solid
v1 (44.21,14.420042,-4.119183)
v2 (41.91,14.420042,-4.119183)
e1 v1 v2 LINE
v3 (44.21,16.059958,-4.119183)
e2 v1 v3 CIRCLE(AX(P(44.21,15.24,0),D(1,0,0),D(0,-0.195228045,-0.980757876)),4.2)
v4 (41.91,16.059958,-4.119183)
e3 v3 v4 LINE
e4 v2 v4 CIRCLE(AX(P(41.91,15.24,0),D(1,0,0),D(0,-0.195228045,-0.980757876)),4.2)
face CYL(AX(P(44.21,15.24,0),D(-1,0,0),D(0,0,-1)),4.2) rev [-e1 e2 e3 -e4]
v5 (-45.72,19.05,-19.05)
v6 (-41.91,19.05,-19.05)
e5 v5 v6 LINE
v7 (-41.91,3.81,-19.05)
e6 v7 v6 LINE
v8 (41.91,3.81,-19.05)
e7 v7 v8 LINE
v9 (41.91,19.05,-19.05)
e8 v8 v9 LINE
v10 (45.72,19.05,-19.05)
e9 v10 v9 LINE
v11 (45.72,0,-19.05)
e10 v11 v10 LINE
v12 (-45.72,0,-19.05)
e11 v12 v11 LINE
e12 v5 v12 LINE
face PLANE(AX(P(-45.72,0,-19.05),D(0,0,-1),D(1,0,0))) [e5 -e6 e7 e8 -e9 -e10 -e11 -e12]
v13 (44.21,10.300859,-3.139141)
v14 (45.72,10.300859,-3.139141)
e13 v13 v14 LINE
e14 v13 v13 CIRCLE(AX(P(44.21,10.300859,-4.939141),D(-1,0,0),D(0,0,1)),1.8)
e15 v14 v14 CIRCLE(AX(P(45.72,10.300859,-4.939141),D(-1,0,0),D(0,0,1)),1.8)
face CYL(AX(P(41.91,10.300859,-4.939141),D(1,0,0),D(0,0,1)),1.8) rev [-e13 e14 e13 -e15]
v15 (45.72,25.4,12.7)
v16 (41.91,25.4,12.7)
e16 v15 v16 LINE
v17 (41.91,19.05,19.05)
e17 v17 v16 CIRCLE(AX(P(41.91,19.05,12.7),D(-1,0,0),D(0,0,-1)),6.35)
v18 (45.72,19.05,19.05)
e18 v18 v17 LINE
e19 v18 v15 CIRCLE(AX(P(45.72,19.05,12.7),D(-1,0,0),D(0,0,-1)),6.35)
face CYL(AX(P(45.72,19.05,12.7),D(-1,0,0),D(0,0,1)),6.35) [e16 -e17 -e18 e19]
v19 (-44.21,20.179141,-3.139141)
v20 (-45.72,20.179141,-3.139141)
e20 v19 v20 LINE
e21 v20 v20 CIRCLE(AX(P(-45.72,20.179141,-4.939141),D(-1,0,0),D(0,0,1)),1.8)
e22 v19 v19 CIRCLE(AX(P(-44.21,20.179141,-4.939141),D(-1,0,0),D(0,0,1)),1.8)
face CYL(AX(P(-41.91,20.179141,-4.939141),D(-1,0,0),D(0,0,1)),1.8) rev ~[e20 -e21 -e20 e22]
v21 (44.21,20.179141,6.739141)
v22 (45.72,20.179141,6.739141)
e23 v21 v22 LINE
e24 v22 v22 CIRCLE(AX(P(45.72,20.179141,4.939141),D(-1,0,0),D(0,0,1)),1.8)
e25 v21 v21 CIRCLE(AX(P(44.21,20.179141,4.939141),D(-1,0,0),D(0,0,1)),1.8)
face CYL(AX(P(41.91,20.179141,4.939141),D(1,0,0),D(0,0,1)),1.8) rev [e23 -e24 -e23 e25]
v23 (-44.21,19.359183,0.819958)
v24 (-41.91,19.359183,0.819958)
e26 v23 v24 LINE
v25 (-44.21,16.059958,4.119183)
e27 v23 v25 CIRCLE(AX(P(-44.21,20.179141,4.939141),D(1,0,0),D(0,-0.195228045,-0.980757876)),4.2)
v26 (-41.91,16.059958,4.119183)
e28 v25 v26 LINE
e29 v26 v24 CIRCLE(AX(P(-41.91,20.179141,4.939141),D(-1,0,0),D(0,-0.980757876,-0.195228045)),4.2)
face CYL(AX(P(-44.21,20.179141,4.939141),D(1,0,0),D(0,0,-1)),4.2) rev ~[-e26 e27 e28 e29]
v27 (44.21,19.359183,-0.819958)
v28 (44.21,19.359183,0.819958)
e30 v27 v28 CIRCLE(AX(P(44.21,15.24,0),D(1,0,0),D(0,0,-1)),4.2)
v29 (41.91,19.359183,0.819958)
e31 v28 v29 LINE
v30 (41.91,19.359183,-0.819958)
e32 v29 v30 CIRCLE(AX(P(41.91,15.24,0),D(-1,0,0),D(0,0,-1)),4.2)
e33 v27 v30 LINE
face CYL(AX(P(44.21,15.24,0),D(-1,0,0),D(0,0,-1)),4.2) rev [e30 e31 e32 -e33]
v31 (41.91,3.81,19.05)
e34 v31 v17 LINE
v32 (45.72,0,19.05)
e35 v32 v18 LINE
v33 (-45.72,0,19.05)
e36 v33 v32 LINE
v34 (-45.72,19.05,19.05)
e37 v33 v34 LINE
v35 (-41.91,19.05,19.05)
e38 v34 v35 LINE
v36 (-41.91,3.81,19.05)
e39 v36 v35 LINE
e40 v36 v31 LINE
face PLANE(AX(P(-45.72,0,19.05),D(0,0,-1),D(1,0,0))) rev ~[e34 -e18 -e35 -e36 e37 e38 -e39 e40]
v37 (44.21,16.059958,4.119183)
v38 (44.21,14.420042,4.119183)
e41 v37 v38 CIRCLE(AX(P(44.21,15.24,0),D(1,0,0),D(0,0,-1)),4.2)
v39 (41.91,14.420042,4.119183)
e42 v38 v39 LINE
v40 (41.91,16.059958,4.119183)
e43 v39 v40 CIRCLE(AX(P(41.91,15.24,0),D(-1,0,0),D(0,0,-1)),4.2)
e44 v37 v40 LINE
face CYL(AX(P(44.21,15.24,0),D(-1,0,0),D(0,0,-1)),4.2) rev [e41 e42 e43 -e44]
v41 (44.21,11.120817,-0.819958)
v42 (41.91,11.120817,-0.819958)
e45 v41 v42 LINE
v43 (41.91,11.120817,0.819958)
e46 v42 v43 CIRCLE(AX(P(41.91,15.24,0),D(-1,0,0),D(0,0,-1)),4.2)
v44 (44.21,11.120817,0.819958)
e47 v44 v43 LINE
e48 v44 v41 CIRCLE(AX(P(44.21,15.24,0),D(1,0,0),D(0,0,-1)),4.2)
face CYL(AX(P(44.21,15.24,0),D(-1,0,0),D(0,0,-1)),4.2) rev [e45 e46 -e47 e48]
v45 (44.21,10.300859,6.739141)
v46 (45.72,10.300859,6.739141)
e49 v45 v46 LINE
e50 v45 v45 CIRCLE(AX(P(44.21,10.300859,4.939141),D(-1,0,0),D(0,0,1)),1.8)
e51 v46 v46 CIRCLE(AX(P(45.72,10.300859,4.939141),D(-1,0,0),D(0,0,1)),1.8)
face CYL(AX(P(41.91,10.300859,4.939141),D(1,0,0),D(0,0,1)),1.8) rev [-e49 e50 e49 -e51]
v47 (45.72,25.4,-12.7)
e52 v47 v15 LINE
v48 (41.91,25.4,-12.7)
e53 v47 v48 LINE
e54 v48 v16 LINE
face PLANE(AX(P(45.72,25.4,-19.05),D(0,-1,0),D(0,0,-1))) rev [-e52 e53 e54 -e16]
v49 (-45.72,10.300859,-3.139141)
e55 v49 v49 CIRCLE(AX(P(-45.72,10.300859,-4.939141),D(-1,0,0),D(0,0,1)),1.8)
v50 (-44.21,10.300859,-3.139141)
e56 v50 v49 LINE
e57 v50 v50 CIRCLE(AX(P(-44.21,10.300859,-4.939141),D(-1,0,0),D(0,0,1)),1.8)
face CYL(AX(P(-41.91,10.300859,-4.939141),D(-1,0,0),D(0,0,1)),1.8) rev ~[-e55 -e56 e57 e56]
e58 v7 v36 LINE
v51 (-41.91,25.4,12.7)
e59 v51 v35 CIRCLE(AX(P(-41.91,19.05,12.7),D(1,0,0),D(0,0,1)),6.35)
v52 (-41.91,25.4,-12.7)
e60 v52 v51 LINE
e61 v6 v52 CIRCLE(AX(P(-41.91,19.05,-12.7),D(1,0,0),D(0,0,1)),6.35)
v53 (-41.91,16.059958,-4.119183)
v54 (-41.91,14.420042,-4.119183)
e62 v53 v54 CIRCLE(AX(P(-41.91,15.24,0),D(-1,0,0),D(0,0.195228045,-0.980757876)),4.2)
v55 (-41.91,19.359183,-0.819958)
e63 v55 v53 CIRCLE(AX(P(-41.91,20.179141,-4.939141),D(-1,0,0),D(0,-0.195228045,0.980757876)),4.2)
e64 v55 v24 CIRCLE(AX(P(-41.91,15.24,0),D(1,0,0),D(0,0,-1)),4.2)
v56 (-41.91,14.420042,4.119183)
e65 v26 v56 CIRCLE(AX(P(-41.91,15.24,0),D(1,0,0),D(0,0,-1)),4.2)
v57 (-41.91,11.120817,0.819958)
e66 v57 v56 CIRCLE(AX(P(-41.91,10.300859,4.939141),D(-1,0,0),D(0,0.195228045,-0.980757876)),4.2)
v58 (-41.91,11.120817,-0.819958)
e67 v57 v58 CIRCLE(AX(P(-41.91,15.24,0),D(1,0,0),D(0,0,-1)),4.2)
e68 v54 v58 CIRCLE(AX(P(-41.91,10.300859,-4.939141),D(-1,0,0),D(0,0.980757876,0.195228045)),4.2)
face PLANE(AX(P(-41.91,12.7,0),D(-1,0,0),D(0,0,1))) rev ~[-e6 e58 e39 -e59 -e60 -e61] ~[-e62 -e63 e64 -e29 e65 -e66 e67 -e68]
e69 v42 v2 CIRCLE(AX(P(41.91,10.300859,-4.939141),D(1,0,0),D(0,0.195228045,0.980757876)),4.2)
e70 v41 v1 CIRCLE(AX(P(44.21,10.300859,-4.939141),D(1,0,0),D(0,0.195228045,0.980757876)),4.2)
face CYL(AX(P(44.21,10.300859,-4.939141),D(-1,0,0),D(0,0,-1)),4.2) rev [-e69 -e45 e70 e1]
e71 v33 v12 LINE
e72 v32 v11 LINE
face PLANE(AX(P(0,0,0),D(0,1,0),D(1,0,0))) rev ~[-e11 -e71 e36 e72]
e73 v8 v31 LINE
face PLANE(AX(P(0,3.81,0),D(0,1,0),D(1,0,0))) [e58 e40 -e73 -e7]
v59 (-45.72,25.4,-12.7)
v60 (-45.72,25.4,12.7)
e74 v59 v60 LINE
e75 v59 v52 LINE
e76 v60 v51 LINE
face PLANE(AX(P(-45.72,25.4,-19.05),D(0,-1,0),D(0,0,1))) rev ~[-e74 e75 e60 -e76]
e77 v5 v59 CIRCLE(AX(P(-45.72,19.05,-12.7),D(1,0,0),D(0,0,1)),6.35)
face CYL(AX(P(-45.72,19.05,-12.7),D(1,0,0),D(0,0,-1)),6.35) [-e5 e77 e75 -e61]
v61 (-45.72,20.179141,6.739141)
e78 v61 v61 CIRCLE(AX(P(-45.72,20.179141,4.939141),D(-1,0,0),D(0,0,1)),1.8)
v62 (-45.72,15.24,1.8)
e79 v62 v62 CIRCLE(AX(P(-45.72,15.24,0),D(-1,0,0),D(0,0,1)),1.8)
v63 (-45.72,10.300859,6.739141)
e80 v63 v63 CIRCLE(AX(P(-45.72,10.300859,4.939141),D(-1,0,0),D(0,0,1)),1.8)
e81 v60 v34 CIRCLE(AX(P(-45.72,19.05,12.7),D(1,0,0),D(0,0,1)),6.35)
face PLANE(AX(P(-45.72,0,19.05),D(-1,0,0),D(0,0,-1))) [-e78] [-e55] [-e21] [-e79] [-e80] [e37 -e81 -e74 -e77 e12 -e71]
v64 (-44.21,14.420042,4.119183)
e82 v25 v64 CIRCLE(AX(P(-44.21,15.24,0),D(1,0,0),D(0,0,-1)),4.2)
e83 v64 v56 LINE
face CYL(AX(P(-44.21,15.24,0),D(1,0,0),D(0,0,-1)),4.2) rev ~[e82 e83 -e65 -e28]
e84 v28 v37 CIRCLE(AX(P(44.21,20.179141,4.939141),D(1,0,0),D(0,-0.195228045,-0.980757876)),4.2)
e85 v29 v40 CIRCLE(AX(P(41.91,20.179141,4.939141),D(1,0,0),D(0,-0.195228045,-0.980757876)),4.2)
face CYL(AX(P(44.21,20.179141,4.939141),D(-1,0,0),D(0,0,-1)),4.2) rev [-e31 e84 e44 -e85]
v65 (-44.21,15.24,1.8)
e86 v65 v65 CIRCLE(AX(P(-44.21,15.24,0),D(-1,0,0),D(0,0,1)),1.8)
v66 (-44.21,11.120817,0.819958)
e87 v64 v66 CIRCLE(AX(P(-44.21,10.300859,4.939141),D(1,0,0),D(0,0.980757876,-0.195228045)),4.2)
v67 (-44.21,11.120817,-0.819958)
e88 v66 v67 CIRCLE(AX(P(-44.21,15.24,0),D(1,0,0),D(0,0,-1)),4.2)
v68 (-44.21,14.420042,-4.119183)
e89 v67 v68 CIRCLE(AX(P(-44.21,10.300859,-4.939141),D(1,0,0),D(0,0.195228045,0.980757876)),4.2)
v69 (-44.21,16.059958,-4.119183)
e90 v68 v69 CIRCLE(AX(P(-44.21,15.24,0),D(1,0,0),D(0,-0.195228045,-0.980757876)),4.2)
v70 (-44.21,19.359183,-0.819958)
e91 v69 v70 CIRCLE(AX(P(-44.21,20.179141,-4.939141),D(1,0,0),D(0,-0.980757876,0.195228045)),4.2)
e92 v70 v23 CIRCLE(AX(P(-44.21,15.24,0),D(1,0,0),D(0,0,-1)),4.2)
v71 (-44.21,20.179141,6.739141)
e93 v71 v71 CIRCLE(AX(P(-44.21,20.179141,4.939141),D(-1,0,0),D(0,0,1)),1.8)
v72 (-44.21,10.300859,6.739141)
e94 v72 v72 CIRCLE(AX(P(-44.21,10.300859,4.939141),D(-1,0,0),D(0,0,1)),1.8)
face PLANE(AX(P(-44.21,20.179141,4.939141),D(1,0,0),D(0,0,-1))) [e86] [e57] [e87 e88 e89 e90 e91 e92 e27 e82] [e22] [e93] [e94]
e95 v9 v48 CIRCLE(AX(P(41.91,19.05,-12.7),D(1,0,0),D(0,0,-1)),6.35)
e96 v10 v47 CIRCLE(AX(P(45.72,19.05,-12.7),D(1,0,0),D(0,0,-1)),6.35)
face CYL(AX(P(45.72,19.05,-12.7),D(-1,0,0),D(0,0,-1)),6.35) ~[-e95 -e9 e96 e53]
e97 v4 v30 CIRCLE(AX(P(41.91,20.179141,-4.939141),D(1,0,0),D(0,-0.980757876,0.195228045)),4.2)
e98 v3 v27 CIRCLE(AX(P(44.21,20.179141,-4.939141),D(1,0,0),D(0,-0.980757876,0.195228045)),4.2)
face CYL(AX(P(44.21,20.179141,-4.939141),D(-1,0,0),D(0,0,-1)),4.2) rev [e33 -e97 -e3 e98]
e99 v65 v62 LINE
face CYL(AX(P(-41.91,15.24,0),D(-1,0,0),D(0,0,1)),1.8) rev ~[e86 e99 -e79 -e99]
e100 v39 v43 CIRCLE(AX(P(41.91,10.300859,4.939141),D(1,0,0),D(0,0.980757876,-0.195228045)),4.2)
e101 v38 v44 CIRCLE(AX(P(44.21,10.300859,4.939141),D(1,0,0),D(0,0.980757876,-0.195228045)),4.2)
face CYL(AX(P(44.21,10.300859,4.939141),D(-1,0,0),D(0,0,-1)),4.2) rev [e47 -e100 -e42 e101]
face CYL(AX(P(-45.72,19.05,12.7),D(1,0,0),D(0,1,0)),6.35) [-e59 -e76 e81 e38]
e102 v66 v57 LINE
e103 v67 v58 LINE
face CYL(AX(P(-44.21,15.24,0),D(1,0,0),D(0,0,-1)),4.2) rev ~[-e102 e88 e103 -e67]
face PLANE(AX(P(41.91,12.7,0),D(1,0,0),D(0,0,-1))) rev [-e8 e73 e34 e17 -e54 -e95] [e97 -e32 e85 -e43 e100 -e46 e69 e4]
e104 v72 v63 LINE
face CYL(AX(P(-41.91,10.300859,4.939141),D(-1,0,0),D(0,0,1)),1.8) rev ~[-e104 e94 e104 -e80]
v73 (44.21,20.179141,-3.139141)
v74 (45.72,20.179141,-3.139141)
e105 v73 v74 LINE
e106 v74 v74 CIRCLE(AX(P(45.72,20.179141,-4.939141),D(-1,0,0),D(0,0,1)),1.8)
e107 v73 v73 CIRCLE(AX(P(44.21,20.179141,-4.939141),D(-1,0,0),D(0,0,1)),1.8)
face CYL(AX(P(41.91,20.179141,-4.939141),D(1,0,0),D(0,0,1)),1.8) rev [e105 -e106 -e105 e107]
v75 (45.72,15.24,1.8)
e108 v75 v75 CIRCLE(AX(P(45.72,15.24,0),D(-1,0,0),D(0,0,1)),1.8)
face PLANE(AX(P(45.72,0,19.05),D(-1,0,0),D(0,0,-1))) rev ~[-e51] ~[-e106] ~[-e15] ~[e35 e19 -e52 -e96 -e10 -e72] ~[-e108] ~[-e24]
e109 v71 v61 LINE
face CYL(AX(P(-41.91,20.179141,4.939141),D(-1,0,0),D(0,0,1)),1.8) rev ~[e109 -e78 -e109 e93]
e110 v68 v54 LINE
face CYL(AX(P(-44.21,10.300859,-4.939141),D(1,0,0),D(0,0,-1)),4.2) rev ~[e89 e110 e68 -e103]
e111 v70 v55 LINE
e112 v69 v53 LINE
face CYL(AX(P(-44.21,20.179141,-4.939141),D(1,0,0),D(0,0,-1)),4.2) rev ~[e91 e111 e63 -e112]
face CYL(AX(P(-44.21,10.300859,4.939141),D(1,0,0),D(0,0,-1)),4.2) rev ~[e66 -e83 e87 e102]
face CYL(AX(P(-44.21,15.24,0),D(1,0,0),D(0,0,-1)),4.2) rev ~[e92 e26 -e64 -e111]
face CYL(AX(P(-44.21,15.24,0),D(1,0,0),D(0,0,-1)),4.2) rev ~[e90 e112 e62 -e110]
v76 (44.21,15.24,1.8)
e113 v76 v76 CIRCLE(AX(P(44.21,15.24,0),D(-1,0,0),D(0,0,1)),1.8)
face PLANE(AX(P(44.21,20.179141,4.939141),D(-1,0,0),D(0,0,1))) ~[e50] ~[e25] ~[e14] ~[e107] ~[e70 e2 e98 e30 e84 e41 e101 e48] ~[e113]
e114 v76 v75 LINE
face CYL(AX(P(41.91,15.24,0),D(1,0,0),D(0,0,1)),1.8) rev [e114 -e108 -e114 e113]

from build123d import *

# Parameters (mm, degrees)
SKETCH1_W                                        = 91.44
SKETCH1_H                                        = 38.1
BOSS_EXTRUDE1_DEPTH                              = 3.81
SKETCH2_W                                        = 38.1
SKETCH2_H                                        = 25.4
BOSS_EXTRUDE2_DEPTH                              = 3.81
CBORE_FOR_M3_HEX_HEAD_MACHINE_SCREW1_D           = 3.6
CBORE_FOR_M3_HEX_HEAD_MACHINE_SCREW1_DEPTH       = 3.81
CBORE_FOR_M3_HEX_HEAD_MACHINE_SCREW1_CBORE_D     = 8.4
CBORE_FOR_M3_HEX_HEAD_MACHINE_SCREW1_CBORE_DEPTH = 2.3
FILLET1_R                                        = 6.35
FILLET1_OF_MIRROR1_R                             = 6.35


with BuildPart() as part:
    # Sketch1 → Boss-Extrude1 (new body)
    with BuildSketch(Plane(origin=(0, 0, 0), x_dir=(1, 0, 0), z_dir=(0, 1, 0))):
        Rectangle(SKETCH1_W, SKETCH1_H)
    extrude(amount=BOSS_EXTRUDE1_DEPTH)

    # Sketch2 → Boss-Extrude2 (add)
    with BuildSketch(Plane.ZY.offset(45.72)):
        with Locations((0, 12.7)):
            Rectangle(SKETCH2_W, SKETCH2_H)
    boss_extrude2 = extrude(amount=-BOSS_EXTRUDE2_DEPTH)

    # CBORE for M3 Hex Head Machine Screw1
    with Locations(Plane(origin=(-41.91, 0, 0), x_dir=(0, 0, -1), z_dir=(1, 0, 0))):
        with Locations((-4.939140867, 20.179140867), (4.939140867, 20.179140867), (0, 15.24), (-4.939140867, 10.300859133), (4.939140867, 10.300859133)):
            cbore_for_m3_hex_head_machine_screw1 = CounterBoreHole(CBORE_FOR_M3_HEX_HEAD_MACHINE_SCREW1_D / 2, CBORE_FOR_M3_HEX_HEAD_MACHINE_SCREW1_CBORE_D / 2, CBORE_FOR_M3_HEX_HEAD_MACHINE_SCREW1_CBORE_DEPTH, depth=CBORE_FOR_M3_HEX_HEAD_MACHINE_SCREW1_DEPTH)

    # Fillet1
    fillet1_edges = [part.edges().sort_by_distance(p)[0] for p in [
        (-43.815, 25.4, -19.05),
        (-43.815, 25.4, 19.05),
    ]]
    fillet(fillet1_edges, radius=FILLET1_R)

    # Mirror1: Boss-Extrude2, CBORE for M3 Hex Head Machine Screw1 across plane
    add(boss_extrude2.mirror(Plane(origin=(0, 0, 0), x_dir=(0, 0, 1), z_dir=(1, 0, 0))))
    add(cbore_for_m3_hex_head_machine_screw1.mirror(Plane(origin=(0, 0, 0), x_dir=(0, 0, 1), z_dir=(1, 0, 0))), mode=Mode.SUBTRACT)

    # Fillet1 of Mirror1
    fillet1_of_mirror1_edges = [part.edges().sort_by_distance(p)[0] for p in [
        (43.815, 25.4, -19.05),
        (43.815, 25.4, 19.05),
    ]]
    fillet(fillet1_of_mirror1_edges, radius=FILLET1_OF_MIRROR1_R)


solid = part.part
